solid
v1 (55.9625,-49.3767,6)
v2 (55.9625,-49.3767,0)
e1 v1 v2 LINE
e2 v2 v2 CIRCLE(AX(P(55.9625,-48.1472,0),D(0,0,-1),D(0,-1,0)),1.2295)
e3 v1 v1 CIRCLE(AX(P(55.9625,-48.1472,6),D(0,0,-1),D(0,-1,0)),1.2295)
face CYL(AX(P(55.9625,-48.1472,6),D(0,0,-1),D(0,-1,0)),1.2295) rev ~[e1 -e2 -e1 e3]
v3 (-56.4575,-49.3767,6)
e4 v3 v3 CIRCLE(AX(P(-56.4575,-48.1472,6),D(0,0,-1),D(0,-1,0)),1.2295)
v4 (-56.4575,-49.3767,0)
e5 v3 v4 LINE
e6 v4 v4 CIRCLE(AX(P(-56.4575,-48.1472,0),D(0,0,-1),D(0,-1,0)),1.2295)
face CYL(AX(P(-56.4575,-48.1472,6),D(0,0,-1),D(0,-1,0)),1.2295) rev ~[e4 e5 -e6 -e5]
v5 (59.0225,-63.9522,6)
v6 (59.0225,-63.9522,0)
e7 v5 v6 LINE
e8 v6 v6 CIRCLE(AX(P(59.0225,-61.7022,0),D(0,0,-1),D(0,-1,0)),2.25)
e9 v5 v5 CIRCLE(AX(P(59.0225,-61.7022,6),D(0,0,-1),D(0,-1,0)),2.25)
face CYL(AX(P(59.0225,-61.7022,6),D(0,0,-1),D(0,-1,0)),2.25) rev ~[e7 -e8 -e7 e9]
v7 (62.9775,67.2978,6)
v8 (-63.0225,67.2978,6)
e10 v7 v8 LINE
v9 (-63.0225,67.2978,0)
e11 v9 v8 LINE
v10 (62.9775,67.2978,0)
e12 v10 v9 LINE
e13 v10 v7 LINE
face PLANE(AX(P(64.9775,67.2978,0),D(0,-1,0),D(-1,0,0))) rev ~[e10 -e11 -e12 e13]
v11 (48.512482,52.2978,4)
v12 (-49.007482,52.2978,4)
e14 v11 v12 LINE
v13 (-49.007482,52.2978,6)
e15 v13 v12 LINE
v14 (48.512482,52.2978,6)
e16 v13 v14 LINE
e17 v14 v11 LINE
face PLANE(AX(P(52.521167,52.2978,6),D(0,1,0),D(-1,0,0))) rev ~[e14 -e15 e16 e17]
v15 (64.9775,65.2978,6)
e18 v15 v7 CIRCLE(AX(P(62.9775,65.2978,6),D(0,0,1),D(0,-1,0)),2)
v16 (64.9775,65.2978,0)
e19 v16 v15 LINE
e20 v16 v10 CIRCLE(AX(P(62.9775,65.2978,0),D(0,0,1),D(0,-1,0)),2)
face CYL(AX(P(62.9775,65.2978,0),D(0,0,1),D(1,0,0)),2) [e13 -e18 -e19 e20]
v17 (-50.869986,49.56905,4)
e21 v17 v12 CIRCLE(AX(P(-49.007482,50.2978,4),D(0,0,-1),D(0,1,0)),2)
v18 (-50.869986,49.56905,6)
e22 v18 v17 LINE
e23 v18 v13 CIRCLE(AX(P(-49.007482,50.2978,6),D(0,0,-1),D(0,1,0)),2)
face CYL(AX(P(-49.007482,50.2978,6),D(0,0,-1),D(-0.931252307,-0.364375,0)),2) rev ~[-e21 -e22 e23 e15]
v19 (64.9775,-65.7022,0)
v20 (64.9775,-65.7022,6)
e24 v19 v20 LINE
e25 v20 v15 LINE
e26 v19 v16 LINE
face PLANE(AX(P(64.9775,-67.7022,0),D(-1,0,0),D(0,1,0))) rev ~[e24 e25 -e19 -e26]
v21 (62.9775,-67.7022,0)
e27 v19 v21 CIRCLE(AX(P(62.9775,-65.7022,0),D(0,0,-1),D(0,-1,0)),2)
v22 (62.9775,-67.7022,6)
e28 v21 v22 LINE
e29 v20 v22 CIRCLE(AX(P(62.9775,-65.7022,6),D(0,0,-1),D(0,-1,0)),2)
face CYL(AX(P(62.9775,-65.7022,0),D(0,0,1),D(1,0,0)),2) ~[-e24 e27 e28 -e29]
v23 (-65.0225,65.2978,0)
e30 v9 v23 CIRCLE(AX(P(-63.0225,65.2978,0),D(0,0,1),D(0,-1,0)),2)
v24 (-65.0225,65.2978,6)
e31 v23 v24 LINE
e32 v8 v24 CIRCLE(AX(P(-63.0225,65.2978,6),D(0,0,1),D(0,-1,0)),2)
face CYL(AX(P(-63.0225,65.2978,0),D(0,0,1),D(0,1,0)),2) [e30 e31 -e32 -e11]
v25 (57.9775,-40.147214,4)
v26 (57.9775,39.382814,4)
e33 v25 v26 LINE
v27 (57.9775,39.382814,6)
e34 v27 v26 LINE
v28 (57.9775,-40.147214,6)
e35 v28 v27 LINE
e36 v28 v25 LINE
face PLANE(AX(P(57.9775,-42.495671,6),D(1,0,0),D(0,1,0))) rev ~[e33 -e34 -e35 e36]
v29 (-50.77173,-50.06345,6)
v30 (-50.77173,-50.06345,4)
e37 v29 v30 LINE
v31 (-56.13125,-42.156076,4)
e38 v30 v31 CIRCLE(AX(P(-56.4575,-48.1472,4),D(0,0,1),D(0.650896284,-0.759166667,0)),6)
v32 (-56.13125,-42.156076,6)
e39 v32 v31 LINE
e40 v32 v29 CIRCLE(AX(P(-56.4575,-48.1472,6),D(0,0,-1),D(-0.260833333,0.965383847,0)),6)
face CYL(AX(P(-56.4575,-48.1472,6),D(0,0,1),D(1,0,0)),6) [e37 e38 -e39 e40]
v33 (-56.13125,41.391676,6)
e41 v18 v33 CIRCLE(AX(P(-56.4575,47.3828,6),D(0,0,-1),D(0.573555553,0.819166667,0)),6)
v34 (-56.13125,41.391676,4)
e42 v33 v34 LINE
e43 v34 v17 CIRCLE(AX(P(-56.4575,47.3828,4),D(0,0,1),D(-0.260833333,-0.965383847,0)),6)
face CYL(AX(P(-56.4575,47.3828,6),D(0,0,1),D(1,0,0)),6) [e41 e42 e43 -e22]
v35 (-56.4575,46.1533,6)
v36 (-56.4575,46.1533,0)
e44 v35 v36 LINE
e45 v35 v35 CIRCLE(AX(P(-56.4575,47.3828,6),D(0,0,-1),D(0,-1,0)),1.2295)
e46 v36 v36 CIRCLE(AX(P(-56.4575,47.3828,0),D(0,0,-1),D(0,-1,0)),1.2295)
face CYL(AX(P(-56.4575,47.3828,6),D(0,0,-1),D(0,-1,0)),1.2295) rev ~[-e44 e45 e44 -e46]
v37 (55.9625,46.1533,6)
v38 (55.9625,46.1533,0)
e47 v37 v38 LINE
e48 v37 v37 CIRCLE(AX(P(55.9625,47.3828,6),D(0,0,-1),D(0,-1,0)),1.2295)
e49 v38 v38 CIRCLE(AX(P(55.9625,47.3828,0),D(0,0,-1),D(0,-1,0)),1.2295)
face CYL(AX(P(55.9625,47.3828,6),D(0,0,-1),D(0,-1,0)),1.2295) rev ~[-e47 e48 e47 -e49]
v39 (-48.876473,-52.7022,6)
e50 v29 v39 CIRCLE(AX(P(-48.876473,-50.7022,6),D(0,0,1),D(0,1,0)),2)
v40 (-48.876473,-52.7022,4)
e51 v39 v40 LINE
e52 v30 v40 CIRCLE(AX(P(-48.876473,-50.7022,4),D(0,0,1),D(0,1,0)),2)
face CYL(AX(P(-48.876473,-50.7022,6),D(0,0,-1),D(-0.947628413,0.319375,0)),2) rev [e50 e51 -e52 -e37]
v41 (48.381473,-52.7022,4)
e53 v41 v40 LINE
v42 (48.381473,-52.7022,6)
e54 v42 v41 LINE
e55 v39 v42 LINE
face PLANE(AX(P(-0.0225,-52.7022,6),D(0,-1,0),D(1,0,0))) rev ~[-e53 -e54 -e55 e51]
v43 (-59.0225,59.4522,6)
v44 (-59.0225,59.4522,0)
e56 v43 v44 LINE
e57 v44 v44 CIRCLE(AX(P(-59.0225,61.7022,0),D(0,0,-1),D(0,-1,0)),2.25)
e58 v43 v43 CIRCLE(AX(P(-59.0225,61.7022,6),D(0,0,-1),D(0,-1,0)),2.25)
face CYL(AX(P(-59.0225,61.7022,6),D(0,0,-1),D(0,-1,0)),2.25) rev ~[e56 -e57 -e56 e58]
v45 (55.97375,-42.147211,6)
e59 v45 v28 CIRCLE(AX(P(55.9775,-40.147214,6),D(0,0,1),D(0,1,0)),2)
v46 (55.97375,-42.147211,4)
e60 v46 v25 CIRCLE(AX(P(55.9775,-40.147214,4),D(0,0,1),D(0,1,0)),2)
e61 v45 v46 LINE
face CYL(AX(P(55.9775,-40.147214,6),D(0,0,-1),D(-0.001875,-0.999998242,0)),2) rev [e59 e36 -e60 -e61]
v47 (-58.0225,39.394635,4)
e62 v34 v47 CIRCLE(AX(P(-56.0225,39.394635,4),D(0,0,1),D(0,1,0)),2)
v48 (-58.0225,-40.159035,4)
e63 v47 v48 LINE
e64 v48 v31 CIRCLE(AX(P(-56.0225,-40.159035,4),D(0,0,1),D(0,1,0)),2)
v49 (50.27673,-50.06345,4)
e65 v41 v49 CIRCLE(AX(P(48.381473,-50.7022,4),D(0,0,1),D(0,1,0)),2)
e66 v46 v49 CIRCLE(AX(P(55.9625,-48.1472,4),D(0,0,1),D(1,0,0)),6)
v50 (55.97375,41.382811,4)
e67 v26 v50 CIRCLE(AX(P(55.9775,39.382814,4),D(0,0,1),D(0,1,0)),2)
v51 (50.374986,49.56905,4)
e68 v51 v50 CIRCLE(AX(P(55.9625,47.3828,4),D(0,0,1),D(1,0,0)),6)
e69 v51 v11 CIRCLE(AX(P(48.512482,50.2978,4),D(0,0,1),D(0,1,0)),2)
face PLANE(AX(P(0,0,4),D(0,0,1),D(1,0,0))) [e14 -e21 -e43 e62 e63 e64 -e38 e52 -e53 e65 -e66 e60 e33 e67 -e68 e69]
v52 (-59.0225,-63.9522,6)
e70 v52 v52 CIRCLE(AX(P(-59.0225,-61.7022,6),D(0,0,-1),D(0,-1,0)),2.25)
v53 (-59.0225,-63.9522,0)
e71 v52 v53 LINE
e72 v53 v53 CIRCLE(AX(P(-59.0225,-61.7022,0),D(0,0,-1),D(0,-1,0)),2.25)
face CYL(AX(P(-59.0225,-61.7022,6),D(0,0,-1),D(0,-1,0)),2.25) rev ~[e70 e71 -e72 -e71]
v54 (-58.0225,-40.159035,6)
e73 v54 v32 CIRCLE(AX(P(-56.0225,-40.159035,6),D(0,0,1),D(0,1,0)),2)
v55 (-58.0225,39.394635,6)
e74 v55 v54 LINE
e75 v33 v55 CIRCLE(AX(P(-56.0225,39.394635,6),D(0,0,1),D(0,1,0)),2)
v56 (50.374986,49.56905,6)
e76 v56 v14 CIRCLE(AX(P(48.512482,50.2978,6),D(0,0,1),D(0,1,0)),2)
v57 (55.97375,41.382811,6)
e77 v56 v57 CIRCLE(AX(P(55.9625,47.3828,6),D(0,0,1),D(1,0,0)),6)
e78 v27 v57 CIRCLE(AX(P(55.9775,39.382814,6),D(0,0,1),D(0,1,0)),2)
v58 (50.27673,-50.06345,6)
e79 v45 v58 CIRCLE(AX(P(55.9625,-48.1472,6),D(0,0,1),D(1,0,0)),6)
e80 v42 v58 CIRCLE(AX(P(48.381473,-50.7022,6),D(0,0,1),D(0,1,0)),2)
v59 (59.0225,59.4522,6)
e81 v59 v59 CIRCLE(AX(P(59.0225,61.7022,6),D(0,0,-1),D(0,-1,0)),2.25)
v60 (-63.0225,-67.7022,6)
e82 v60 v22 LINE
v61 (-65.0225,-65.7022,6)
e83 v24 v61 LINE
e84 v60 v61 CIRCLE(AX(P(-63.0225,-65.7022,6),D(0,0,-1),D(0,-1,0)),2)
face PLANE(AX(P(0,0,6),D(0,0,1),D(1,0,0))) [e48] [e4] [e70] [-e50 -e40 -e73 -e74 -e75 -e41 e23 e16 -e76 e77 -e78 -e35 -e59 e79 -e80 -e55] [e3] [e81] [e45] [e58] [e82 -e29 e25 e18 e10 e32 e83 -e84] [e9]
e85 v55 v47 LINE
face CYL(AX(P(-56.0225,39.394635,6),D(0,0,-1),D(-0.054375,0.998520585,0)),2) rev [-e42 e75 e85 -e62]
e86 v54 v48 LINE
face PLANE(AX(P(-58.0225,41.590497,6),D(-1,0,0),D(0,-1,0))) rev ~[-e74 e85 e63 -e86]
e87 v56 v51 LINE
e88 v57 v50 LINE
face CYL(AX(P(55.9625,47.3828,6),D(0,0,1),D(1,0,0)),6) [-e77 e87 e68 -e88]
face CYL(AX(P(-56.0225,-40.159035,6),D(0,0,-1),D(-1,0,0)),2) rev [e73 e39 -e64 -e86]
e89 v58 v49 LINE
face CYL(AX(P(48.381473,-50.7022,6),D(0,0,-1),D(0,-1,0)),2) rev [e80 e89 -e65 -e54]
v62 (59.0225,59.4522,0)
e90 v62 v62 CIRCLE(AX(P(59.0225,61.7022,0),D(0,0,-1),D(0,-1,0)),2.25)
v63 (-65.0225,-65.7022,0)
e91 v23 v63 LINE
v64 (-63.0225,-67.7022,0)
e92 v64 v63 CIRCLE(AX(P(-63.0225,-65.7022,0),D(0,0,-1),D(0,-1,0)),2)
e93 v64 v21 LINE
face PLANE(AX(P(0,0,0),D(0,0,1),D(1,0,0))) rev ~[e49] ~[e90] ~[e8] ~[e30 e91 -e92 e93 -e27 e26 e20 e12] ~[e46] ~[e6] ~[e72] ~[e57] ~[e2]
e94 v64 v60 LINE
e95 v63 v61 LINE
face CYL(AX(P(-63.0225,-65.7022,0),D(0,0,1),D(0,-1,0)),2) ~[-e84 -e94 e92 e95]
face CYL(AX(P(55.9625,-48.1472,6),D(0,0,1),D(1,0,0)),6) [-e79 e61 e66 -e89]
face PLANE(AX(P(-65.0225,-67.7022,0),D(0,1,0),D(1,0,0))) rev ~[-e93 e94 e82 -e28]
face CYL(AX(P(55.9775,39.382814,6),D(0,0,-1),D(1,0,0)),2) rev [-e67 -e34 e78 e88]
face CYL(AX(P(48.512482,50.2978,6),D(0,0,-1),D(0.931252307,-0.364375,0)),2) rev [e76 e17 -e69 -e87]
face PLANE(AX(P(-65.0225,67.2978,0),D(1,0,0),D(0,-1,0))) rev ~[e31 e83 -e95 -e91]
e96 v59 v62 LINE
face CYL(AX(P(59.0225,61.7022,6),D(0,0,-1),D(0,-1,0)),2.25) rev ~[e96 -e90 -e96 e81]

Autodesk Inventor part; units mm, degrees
ref_plane "YZ Plane" through (0, 0, 0) normal (1, 0, 0) x (0, 1, 0)
ref_plane "XZ Plane" through (0, 0, 0) normal (0, 1, 0) x (-1, 0, 0)
ref_plane "XY Plane" through (0, 0, 0) normal (0, 0, 1) x (1, 0, 0)
sketch "Esboço1" plane through (0, 0, 0) normal (0, 0, 1) x (1, 0, 0)
  line L0 (60.7325, -52.1672) -> (60.7325, 51.7628)
  line L1 (-60.7775, 51.7628) -> (-60.7775, -52.1672)
  line L2 (60.7325, -0.2022) -> (-60.7775, -0.2022)
  line L3 (64.9775, 67.2978) -> (-65.0225, 67.2978)
  line L4 (-65.0225, 67.2978) -> (-65.0225, -67.7022)
  line L5 (-65.0225, -67.7022) -> (64.9775, -67.7022)
  line L6 (64.9775, -67.7022) -> (64.9775, 67.2978)
  line L7 (64.9775, 67.2978) -> (-65.0225, -67.7022) construction
  line L8 (-65.0225, 67.2978) -> (64.9775, -67.7022) construction
  circle A0 centre (55.9625, -48.1472) radius 1.8
  circle A1 centre (55.9625, 47.3828) radius 1.8
  circle A2 centre (-56.4575, 47.3828) radius 1.8
  circle A3 centre (-56.4575, -48.1472) radius 1.8
  circle A4 centre (-56.4575, 47.3828) radius 0.7501
  circle A5 centre (-56.4575, -48.1472) radius 1.059
  circle A6 centre (55.9625, -48.1472) radius 0.7793
  circle A7 centre (55.9625, 47.3828) radius 0.9848
  point P0 (0, 0)
  point P1 (-0.0225, -0.2022)
  dimension "d0" = 135
  dimension "d1" = 130
extrude "Extrusão1" add sketch "Esboço1" along normal blind 6 contours L6 L5 L4 L3 | A0 | A1 | A2 | A3
sketch "Esboço2" plane through (0, 0, 6) normal (0, 0, 1) x (1, 0, 0)
  circle A0 centre (-56.4575, 47.3828) radius 0.7501 projected
  circle A1 centre (55.9625, 47.3828) radius 0.9848 projected
  circle A2 centre (55.9625, -48.1472) radius 0.7793 projected
  circle A3 centre (-56.4575, -48.1472) radius 1.059 projected
  point P0 (0, 0)
hole "Furo1" at (-56.4575, 47.3828, 6) at (55.9625, 47.3828, 6) at (55.9625, -48.1472, 6) at (-56.4575, -48.1472, 6) direction (0, 0, -1) diameter 2.459 end through all thread size "M3x0.5" class "6H" standard "ISO Metric profile"
sketch "Esboço3" plane through (0, 0, 6) normal (0, 0, 1) x (1, 0, 0)
  line L0 (64.9775, 67.2978) -> (-65.0225, 67.2978) projected
  line L1 (-0.0225, 67.2978) -> (-0.0225, -67.7022)
  line L2 (-65.0225, -67.7022) -> (64.9775, -67.7022) projected
  line L3 (-58.0225, -52.7022) -> (57.9775, -52.7022)
  line L4 (57.9775, -52.7022) -> (57.9775, 52.2978)
  line L5 (57.9775, 52.2978) -> (-58.0225, 52.2978)
  line L6 (-58.0225, 52.2978) -> (-58.0225, -52.7022)
  line L7 (-58.0225, -52.7022) -> (57.9775, 52.2978) construction
  line L8 (57.9775, -52.7022) -> (-58.0225, 52.2978) construction
  circle A0 centre (-56.4575, 47.3828) radius 1.2295 projected
  circle A1 centre (-56.4575, 47.3828) radius 6
  circle A2 centre (55.9625, 47.3828) radius 1.2295 projected
  circle A3 centre (55.9625, 47.3828) radius 6
  circle A4 centre (-56.4575, -48.1472) radius 1.2295 projected
  circle A5 centre (-56.4575, -48.1472) radius 6
  circle A6 centre (55.9625, -48.1472) radius 1.2295 projected
  circle A7 centre (55.9625, -48.1472) radius 6
  point P0 (-0.0225, -0.2022)
  point P1 (-58.0225, -42.3549)
  point P2 (-52.5521, -52.7022)
  point P3 (52.0572, -52.7022)
  point P4 (57.9775, -42.4957)
  point P5 (57.9775, 41.7313)
  point P6 (52.5212, 52.2978)
  point P7 (-53.0161, 52.2978)
  point P8 (-58.0225, 41.5905)
  dimension "d16" = 116
  dimension "d17" = 105
  dimension "d18" = 12
extrude "Extrusão2" cut sketch "Esboço3" against normal blind 2 contours L5 A3 L4 A7 L3 L1 | L1 L3 A5 L6 A1 L5
fillet "Arredondamento1" radius 2 8 edges at (-58.0225, -42.3549, 5) (-52.5521, -52.7022, 5) (52.0572, -52.7022, 5) (57.9775, -42.4957, 5) (57.9775, 41.7313, 5) (52.5212, 52.2978, 5) (-53.0161, 52.2978, 5) (-58.0225, 41.5905, 5)
sketch "Esboço4" plane through (0, 0, 6) normal (0, 0, 1) x (1, 0, 0)
  line L0 (0, 0) -> (0, -87.1961)
  line L1 (0, 0) -> (-82.4398, 0)
  line L2 (-65.0225, -67.7022) -> (64.9775, -67.7022) projected
  line L3 (-65.0225, 67.2978) -> (-65.0225, -67.7022) projected
  line L4 (-65.0225, 67.7022) -> (64.9775, 67.7022)
  point P0 (-59.0225, -61.7022)
  point P1 (59.0225, -61.7022)
  point P2 (65.0225, -67.7022)
  point P3 (-59.0225, 61.7022)
  point P4 (65.0225, 67.7022)
  point P5 (59.0225, 61.7022)
  dimension "d22" = 6
  dimension "d23" = 6
hole "Furo2" at (-59.0225, -61.7022, 6) at (59.0225, -61.7022, 6) at (59.0225, 61.7022, 6) at (-59.0225, 61.7022, 6) direction (0, 0, -1) diameter 4.5 end through all
fillet "Arredondamento2" radius 2 4 edges at (64.9775, -67.7022, 3) (-65.0225, -67.7022, 3) (-65.0225, 67.2978, 3) (64.9775, 67.2978, 3)
properties part number "chapa da pcb"
